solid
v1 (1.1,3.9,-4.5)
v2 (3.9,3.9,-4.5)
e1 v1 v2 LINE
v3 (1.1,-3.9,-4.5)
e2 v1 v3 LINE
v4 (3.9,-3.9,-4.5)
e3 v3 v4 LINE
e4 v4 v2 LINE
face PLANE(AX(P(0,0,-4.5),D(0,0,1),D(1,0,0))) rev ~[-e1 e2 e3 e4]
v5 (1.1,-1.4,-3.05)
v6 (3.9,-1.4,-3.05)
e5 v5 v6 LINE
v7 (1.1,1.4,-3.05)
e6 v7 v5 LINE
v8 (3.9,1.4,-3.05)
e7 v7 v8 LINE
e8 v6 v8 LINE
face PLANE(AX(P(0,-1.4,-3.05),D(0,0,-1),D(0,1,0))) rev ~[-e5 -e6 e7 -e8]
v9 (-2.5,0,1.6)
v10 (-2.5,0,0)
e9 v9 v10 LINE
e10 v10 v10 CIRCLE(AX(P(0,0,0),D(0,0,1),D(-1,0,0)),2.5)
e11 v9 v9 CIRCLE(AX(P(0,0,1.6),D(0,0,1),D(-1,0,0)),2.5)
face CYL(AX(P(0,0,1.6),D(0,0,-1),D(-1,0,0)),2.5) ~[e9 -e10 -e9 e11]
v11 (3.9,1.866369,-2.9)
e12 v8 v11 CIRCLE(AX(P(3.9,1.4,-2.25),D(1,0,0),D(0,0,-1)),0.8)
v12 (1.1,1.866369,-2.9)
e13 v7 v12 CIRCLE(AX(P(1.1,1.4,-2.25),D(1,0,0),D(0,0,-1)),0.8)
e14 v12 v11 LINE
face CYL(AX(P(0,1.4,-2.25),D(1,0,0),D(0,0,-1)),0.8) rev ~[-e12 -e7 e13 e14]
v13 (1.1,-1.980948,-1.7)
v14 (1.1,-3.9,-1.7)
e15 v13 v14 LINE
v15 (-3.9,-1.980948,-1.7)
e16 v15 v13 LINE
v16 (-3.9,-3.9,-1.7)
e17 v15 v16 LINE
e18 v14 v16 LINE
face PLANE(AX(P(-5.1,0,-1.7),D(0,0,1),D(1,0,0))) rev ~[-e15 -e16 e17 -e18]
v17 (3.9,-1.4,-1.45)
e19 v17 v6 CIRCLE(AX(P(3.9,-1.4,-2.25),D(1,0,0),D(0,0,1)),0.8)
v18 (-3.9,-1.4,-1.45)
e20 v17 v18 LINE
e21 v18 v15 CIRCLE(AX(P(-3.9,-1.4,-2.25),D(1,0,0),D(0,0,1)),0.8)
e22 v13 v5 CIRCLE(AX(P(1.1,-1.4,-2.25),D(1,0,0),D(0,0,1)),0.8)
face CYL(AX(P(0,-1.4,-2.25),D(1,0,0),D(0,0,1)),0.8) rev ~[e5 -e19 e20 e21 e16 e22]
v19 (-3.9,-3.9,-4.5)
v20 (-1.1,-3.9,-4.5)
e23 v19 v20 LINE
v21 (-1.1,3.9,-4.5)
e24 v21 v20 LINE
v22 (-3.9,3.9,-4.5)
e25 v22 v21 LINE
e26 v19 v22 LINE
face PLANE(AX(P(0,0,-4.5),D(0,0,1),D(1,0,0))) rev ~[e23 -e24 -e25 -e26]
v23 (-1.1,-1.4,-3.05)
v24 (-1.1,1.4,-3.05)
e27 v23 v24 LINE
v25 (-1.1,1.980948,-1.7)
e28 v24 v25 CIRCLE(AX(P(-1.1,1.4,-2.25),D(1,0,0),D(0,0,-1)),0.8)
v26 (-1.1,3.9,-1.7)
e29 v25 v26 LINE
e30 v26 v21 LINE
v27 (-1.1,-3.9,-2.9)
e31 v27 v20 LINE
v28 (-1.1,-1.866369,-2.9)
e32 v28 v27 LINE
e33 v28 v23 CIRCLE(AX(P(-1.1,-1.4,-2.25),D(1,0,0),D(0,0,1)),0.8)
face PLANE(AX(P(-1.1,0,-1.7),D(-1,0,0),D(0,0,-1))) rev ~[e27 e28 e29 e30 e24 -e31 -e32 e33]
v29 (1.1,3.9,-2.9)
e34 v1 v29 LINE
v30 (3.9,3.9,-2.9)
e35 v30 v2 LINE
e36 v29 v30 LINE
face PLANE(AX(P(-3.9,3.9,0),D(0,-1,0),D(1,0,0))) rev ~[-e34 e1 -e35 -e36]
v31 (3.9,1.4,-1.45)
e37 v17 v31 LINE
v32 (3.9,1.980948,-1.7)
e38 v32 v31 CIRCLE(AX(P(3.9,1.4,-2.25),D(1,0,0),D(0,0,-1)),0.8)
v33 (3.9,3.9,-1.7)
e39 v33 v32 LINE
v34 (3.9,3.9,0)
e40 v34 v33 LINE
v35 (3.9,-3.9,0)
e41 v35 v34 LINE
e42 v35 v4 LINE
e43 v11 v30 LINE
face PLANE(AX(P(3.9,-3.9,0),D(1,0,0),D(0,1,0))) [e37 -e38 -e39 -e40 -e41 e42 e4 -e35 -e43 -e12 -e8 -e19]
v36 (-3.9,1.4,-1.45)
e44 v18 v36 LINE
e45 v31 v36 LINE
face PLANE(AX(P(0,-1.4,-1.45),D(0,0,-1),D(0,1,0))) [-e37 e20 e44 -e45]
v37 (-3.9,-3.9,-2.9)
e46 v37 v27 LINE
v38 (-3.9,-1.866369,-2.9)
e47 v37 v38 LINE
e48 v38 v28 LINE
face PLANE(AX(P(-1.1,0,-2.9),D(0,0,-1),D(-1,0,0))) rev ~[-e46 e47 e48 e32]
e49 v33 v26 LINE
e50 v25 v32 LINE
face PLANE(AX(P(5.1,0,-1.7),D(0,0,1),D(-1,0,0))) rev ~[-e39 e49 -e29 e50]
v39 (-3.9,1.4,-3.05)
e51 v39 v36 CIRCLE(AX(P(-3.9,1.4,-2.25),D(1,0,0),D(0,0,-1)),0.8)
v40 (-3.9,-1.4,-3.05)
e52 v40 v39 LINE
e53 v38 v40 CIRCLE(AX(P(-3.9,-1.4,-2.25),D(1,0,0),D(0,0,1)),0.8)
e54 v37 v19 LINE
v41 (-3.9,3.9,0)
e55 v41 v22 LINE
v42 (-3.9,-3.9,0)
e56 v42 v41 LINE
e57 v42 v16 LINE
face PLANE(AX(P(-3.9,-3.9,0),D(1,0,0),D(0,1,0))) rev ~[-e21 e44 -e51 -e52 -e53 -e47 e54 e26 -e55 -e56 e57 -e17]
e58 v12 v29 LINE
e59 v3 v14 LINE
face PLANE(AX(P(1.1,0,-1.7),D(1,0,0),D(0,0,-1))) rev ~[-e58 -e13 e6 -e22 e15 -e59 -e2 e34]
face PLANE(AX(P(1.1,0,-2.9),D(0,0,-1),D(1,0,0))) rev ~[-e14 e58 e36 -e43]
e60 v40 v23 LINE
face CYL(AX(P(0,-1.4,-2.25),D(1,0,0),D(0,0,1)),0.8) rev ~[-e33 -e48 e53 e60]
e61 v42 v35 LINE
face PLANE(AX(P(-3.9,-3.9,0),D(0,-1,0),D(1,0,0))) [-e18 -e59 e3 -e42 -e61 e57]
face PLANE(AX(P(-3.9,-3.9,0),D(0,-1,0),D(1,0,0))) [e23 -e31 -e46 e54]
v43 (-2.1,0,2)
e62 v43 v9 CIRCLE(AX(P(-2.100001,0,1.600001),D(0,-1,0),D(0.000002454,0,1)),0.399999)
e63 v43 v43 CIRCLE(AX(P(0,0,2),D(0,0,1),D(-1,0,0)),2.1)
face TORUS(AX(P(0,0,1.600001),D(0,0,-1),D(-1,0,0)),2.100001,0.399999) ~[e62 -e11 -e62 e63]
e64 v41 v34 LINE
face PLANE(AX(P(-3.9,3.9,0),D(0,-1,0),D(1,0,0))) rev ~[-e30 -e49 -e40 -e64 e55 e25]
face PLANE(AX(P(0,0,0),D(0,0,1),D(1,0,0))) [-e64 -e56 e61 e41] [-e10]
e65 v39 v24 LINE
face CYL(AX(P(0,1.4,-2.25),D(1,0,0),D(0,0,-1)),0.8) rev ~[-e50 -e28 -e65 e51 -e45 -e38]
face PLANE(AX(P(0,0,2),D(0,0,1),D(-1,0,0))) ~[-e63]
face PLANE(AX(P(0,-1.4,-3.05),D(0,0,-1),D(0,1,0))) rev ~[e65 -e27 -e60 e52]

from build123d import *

# Parameters (mm, degrees)
SKETCH001_W     = 7.8
SKETCH001_H     = 7.8
PAD_DEPTH       = 4.5
POCKET_DEPTH    = 5
POCKET001_DEPTH = 5
POCKET002_DEPTH = 5


with BuildPart() as part:
    # Sketch → Revolution (revolve)
    with BuildSketch(Plane.XZ):
        with BuildLine():
            Line((0, 0), (0, 2))
            Line((0, 2), (-2.1, 2))
            ThreePointArc((-2.1, 2), (-2.382843, 1.882843), (-2.5, 1.6))
            Line((-2.5, 1.6), (-2.5, 0))
            Line((-2.5, 0), (0, 0))
        make_face()
    revolve(axis=Axis((0, 0, 0), (0, 0, 1)))

    # Sketch001 → Pad (new body)
    with BuildSketch(Plane.XY):
        Rectangle(SKETCH001_W, SKETCH001_H)
    extrude(amount=-PAD_DEPTH)

    # Sketch002 → Pocket (cut, symmetric)
    with BuildSketch(Plane.YZ):
        with BuildLine():
            ThreePointArc((-1.4, -1.45), (-2.2, -2.25), (-1.4, -3.05))
            Line((-1.4, -3.05), (1.4, -3.05))
            ThreePointArc((1.4, -3.05), (2.2, -2.25), (1.4, -1.45))
            Line((-1.4, -1.45), (1.4, -1.45))
        make_face()
    extrude(amount=POCKET_DEPTH, both=True, mode=Mode.SUBTRACT)

    # Sketch003 → Pocket001 (cut)
    with BuildSketch(Plane.XZ):
        Polygon((1.1, -5.9), (-1.1, -5.9), (-1.1, -2.9), (-5.1, -2.9), (-5.1, -1.7), (1.1, -1.7), align=None)
    extrude(amount=POCKET001_DEPTH, mode=Mode.SUBTRACT)

    # Sketch004 → Pocket002 (cut)
    with BuildSketch(Plane.XZ):
        Polygon((-1.1, -1.7), (-1.1, -6.7), (1.1, -6.7), (1.1, -2.9), (5.1, -2.9), (5.1, -1.7), align=None)
    extrude(amount=-POCKET002_DEPTH, mode=Mode.SUBTRACT)


solid = part.part
